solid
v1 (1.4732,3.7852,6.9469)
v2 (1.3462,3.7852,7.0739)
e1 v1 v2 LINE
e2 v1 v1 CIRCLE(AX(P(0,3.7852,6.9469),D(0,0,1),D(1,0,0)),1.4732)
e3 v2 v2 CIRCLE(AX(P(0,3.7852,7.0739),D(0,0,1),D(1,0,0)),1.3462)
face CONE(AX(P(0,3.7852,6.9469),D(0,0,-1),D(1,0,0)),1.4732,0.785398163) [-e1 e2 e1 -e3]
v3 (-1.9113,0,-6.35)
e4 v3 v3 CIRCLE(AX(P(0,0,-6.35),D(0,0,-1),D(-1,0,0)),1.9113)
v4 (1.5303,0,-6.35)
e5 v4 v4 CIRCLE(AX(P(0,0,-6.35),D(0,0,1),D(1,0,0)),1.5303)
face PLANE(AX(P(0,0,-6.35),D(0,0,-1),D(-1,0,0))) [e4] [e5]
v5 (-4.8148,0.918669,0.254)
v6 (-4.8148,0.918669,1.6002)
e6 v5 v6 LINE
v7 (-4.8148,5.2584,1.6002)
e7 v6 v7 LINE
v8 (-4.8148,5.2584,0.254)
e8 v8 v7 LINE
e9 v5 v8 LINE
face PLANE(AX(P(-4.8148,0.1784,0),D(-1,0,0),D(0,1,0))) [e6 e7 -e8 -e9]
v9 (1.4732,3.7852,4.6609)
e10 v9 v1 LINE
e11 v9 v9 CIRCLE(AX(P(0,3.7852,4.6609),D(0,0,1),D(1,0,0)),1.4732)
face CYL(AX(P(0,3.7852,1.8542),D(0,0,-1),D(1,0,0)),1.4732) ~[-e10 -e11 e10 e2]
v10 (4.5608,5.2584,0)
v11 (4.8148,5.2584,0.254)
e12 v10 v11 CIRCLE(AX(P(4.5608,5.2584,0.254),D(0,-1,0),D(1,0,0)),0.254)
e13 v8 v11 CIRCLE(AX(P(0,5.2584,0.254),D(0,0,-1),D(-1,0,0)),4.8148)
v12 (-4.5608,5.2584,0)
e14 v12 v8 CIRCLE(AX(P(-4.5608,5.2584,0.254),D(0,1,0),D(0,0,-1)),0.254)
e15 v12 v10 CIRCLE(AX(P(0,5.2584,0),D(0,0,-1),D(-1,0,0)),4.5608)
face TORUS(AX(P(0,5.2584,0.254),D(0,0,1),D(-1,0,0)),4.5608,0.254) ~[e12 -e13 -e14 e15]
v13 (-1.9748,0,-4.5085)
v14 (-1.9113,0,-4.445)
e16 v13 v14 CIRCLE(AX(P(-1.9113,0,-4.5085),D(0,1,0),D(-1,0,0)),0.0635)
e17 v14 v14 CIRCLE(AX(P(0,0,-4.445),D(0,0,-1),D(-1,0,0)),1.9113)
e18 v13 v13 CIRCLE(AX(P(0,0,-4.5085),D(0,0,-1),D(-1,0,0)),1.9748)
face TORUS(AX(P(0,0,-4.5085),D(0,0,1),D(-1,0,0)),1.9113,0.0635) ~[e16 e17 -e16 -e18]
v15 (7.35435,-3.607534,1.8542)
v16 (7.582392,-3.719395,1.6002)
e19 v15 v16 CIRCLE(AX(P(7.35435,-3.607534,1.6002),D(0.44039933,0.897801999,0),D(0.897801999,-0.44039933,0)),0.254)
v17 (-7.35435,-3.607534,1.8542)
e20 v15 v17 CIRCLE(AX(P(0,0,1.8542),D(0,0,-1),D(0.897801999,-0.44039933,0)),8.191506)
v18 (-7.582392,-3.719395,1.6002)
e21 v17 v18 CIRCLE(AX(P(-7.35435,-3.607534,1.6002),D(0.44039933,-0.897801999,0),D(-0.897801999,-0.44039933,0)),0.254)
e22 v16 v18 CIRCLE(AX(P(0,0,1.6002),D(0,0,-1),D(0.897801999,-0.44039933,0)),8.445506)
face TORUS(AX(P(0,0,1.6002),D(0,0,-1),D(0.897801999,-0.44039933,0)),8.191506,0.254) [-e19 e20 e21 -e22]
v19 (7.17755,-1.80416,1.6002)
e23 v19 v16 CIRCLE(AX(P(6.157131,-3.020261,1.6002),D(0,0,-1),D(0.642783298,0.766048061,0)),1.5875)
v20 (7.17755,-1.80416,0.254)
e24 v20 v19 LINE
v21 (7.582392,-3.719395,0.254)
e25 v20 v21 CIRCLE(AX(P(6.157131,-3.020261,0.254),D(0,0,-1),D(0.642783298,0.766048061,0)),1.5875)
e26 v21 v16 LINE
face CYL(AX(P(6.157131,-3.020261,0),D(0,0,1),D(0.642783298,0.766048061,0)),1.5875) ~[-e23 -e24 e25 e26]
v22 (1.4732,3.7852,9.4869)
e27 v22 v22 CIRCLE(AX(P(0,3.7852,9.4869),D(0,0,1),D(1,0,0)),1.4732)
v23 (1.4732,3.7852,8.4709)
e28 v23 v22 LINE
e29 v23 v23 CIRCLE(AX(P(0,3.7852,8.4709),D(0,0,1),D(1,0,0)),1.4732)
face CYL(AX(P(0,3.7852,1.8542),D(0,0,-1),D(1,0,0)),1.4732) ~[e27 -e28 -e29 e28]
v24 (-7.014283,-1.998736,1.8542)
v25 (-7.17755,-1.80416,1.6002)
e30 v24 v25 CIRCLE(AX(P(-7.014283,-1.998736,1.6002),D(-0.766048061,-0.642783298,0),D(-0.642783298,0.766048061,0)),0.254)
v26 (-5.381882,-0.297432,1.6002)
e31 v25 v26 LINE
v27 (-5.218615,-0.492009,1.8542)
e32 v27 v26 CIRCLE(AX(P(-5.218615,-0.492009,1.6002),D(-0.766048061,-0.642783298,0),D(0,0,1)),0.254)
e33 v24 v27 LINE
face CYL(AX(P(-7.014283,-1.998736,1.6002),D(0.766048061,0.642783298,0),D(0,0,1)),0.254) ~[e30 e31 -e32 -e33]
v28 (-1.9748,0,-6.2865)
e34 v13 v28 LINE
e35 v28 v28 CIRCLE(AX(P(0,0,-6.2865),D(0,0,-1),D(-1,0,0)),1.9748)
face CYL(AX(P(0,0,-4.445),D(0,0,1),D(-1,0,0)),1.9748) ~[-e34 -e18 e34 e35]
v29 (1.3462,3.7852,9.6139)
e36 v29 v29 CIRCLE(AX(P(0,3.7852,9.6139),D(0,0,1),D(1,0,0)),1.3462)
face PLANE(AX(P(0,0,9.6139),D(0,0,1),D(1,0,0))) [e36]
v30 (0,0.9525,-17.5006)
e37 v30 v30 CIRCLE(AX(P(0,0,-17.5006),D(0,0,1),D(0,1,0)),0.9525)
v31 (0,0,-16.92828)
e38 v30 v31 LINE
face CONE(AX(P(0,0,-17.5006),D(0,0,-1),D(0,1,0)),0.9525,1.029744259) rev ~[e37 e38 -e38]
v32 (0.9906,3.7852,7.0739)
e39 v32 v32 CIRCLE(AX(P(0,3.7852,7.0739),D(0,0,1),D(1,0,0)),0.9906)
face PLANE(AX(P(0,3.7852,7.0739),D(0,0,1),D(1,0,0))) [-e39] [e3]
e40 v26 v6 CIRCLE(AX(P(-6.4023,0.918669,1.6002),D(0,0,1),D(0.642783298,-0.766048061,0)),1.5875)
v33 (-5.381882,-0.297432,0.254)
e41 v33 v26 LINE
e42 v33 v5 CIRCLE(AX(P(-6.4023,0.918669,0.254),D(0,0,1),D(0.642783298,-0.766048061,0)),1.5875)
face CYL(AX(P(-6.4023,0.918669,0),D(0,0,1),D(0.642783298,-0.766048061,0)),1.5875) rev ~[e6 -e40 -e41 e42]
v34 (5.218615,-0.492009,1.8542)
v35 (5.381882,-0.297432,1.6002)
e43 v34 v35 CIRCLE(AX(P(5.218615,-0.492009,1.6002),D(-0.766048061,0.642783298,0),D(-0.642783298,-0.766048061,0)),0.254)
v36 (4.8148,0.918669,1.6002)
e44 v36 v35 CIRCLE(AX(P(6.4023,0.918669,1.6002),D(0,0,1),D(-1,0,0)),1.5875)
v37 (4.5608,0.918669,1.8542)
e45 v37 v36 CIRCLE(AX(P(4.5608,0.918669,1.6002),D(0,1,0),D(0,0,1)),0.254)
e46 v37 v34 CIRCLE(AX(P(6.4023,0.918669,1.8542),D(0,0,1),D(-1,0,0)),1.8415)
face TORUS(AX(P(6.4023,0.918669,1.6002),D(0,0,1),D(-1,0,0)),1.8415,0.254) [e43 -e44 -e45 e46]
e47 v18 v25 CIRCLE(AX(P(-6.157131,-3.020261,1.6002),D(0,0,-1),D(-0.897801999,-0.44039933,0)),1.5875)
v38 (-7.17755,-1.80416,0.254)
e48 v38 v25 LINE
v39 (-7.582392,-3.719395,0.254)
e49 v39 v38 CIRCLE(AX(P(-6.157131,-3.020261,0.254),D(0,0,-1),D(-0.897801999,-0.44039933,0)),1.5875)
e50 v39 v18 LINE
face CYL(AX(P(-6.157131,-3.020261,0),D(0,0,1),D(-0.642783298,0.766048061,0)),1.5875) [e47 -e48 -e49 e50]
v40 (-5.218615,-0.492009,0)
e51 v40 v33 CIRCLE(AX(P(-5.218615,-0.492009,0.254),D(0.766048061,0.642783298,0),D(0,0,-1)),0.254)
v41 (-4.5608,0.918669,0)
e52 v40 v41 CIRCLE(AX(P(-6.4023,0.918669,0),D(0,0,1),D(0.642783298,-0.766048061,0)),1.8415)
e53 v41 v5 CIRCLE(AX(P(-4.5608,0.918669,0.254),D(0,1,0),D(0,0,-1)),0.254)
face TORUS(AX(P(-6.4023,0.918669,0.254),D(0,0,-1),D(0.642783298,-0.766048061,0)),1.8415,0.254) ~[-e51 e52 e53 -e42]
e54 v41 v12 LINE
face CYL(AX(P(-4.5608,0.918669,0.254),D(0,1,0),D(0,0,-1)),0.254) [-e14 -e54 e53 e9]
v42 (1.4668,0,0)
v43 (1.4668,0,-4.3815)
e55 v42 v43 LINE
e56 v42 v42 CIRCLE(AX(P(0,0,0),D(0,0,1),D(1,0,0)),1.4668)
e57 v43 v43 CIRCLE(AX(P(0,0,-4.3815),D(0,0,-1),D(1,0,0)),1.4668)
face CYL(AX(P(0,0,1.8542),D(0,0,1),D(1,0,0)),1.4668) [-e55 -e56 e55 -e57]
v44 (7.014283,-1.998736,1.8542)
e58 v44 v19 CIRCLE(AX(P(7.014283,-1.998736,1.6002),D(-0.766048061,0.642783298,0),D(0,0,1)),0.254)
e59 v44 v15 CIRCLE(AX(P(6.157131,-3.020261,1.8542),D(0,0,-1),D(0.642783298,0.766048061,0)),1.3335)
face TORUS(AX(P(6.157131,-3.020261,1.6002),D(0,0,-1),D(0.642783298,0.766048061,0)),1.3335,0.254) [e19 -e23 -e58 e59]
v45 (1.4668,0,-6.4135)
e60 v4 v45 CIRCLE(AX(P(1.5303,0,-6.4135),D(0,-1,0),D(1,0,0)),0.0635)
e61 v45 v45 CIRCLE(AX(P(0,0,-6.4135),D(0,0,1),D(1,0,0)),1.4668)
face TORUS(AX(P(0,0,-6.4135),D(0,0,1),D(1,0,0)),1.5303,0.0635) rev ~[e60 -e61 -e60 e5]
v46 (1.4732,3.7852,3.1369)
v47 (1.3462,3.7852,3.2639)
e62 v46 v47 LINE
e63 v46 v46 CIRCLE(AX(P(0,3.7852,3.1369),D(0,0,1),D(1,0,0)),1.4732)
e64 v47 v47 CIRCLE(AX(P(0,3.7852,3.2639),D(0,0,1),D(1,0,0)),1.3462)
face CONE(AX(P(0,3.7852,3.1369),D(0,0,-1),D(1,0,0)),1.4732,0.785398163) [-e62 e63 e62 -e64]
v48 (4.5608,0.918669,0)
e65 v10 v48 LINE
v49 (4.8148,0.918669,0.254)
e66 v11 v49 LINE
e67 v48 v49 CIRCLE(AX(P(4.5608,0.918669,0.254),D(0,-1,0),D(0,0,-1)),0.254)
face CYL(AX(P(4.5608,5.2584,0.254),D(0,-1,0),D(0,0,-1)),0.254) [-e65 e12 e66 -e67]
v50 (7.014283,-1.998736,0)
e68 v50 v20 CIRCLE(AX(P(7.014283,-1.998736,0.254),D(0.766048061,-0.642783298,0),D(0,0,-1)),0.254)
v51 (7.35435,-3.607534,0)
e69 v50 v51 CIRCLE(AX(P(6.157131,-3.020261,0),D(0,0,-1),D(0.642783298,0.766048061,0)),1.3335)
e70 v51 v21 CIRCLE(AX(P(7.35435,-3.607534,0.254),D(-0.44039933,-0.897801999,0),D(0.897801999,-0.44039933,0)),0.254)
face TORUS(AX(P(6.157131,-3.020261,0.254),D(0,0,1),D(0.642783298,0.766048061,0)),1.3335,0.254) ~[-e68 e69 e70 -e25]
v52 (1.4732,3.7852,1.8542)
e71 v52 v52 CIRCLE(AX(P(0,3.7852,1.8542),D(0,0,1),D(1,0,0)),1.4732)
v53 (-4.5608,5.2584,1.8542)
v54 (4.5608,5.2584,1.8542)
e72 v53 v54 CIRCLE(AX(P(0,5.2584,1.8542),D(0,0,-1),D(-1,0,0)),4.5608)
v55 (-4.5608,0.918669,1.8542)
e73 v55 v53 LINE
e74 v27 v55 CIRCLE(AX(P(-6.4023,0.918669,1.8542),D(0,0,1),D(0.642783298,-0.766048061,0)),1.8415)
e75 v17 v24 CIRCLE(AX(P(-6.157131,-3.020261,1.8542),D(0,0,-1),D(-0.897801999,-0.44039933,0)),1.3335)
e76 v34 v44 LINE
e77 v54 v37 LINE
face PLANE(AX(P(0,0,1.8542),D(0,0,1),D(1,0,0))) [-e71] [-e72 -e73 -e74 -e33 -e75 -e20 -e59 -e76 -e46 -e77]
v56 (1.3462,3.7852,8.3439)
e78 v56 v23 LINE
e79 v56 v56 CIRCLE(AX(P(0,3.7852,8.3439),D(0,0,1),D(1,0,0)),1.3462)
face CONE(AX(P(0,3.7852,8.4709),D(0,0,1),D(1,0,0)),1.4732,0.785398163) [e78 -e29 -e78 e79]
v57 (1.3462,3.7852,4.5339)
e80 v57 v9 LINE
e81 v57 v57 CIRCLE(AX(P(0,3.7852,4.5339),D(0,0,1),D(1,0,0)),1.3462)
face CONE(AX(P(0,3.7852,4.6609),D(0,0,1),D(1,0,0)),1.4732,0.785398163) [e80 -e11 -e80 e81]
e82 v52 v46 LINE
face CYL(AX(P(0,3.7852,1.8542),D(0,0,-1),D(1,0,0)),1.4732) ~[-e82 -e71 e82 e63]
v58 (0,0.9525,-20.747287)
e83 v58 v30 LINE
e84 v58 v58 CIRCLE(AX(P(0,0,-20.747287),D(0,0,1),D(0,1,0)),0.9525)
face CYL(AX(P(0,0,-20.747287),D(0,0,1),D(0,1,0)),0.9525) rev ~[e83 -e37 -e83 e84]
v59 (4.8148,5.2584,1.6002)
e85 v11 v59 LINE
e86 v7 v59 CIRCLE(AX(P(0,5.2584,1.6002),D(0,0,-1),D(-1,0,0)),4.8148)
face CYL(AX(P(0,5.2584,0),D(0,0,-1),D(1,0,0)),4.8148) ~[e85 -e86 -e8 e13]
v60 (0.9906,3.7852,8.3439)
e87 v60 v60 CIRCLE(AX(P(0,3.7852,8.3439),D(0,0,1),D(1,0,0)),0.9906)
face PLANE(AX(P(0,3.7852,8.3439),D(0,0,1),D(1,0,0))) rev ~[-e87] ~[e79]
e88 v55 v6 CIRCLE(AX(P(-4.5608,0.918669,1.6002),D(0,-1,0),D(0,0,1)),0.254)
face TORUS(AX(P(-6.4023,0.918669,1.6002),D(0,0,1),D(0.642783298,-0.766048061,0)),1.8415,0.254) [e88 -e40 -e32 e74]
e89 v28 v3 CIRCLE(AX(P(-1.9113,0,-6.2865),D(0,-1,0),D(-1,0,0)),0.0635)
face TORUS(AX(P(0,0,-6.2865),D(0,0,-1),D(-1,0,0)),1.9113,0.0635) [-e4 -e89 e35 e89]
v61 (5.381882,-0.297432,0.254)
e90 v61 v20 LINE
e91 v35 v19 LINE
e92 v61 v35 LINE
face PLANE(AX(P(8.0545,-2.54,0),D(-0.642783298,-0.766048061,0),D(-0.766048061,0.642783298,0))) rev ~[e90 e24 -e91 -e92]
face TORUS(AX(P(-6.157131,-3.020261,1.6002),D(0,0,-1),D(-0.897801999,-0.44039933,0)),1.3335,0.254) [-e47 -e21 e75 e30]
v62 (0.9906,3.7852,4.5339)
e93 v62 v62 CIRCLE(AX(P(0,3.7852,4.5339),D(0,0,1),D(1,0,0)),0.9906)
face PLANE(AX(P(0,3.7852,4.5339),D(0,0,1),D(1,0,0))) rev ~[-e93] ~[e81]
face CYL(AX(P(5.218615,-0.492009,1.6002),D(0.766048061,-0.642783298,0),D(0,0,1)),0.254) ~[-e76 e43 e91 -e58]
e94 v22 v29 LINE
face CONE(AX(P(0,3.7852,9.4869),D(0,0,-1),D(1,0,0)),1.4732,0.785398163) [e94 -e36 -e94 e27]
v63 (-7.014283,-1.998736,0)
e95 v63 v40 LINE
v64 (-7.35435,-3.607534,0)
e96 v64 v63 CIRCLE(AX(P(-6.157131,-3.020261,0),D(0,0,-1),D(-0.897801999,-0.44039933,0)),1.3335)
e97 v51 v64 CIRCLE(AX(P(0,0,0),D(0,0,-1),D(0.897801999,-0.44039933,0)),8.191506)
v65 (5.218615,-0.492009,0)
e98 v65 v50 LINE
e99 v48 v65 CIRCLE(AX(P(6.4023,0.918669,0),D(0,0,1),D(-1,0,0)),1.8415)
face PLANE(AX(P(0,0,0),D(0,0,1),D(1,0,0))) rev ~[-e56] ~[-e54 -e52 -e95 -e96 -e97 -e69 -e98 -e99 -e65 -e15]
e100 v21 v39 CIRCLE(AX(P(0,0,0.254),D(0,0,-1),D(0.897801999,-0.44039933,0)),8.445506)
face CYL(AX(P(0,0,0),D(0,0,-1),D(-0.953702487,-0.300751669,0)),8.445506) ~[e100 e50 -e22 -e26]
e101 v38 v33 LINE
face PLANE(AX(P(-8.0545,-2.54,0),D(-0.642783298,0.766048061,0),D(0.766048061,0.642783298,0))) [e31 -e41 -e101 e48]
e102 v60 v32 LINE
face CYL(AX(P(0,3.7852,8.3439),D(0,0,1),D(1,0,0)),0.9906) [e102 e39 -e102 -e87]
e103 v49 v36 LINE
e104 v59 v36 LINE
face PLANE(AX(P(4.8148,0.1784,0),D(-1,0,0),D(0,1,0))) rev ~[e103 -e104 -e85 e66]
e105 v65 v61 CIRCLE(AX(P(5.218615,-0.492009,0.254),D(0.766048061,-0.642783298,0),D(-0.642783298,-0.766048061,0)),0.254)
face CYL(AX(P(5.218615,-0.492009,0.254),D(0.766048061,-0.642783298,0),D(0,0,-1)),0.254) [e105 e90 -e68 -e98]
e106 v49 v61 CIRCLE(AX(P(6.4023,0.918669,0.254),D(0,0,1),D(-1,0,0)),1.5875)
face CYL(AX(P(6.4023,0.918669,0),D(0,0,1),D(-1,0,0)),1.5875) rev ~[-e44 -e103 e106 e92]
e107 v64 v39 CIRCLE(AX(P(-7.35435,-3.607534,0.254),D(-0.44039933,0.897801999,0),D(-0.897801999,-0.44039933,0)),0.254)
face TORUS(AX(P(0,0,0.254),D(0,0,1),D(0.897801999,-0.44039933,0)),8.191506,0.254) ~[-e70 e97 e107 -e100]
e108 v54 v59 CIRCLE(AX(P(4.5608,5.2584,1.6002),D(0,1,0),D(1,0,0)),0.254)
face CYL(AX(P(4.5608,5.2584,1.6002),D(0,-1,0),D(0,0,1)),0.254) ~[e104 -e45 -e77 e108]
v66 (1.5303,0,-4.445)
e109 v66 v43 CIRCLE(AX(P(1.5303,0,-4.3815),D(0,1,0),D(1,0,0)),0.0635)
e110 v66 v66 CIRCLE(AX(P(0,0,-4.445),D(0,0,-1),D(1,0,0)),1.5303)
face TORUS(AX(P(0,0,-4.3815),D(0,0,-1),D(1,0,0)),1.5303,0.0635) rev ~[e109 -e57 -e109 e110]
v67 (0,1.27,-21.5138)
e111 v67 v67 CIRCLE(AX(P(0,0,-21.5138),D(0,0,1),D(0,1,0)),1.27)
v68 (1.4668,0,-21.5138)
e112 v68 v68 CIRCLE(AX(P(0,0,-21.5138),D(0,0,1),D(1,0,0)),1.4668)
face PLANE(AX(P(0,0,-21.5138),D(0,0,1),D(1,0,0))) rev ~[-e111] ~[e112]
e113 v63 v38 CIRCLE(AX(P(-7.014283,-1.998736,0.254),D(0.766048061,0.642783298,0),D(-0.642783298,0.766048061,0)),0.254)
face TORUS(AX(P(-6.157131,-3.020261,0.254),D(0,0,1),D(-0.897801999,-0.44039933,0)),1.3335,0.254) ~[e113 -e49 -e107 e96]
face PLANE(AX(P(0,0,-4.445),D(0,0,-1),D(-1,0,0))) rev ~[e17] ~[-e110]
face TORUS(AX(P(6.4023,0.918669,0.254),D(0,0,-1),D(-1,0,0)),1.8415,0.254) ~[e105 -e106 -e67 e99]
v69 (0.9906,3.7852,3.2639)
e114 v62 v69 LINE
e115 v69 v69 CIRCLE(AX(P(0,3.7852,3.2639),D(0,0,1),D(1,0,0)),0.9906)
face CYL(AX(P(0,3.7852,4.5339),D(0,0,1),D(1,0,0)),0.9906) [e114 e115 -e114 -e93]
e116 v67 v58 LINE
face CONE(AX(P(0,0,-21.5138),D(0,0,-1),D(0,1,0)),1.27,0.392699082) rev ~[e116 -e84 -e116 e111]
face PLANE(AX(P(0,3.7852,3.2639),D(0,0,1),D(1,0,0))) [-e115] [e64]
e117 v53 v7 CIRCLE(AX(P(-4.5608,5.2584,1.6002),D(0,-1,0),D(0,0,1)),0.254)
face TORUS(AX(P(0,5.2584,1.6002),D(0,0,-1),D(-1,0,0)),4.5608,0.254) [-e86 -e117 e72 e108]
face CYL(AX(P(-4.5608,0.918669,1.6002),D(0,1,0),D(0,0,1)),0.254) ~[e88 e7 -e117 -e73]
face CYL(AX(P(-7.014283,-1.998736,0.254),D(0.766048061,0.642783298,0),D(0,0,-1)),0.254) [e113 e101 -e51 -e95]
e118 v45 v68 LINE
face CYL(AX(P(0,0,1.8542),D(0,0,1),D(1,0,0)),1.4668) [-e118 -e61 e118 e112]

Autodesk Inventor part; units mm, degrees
ref_plane "YZ Plane" through (0, 0, 0) normal (1, 0, 0) x (0, 1, 0)
ref_plane "XZ Plane" through (0, 0, 0) normal (0, 1, 0) x (-1, 0, 0)
ref_plane "XY Plane" through (0, 0, 0) normal (0, 0, 1) x (1, 0, 0)
sketch "Sketch1" plane through (0, 0, 0) normal (0, 0, 1) x (1, 0, 0)
  arc A0 (-8.0545, -2.54) -> (8.0545, -2.54) centre (0, 0) ccw
  line L0 (-8.0545, -2.54) -> (-4.8148, 0.1784)
  line L1 (8.0545, -2.54) -> (4.8148, 0.1784)
  line L2 (-4.8148, 0.1784) -> (-4.8148, 5.2584)
  line L3 (4.8148, 0.1784) -> (4.8148, 5.2584)
  arc A1 (4.8148, 5.2584) -> (-4.8148, 5.2584) centre (0, 5.2584) ccw
  line L4 (-4.8148, 5.2584) -> (-4.8148, 0.1784)
  line L5 (-4.8148, 0.1784) -> (-8.0545, -2.54)
  line L6 (4.8148, 0.1784) -> (8.0545, -2.54)
  line L7 (4.8148, 0.1784) -> (4.8148, 5.2584)
  arc A2 (4.8148, 5.2584) -> (-4.8148, 5.2584) centre (0, 5.2584) ccw
  arc A3 (-8.0545, -2.54) -> (8.0545, -2.54) centre (0, 0) ccw
  dimension "d6" = 5.08
  dimension "d7" = 5.08
extrude "Extrusion1" add sketch "Sketch1" along normal blind 1.8542
fillet "Fillet1" radius 1.5875 4 edges at (8.0545, -2.54, 0.9271) (-8.0545, -2.54, 0.9271) (-4.8148, 0.1784, 0.9271) (4.8148, 0.1784, 0.9271)
fillet "Fillet2" radius 0.254 20 edges at (-4.8148, 3.0885, 1.8542) (-4.9636, 0.2478, 1.8542) (-6.2797, -1.0508, 1.8542) (-7.7103, -2.6919, 1.8542) (0, -8.4455, 1.8542) (7.7103, -2.6919, 1.8542) (6.2797, -1.0508, 1.8542) (4.9636, 0.2478, 1.8542) (4.8148, 3.0885, 1.8542) (0, 10.0732, 1.8542) (-4.8148, 3.0885, 0) (-4.9636, 0.2478, 0) (-6.2797, -1.0508, 0) (-7.7103, -2.6919, 0) (0, -8.4455, 0) (7.7103, -2.6919, 0) (6.2797, -1.0508, 0) (4.9636, 0.2478, 0) (4.8148, 3.0885, 0) (0, 10.0732, 0)
sketch "Sketch2" plane through (0, 0, 1.8542) normal (0, 0, 1) x (1, 0, 0)
  line L0 (4.5608, 5.2584) -> (4.8148, 5.2584) projected
  line L1 (-4.8148, 5.2584) -> (-4.8148, 0.9187) projected
  arc A0 (4.5608, 5.2584) -> (-4.5608, 5.2584) centre (0, 5.2584) ccw projected
  circle A1 centre (0, 3.7852) radius 1.4732
  circle A2 centre (0, 3.7852) radius 1.4732
  point P0 (0, 0)
extrude "Extrusion2" add sketch "Sketch2" along normal blind 7.7597
ref_plane "Work Plane1" through (0, 3.7852, 8.3439) normal (0, 0, 1) x (1, 0, 0)
sketch "Sketch3" plane through (0, 3.7852, 8.3439) normal (0, 0, 1) x (1, 0, 0)
  circle A0 centre (0, 0) radius 0.9906
  circle A1 centre (0, 0) radius 1.4732
  point P0 (0, -3.7852)
  dimension "d18" = 1.9812
extrude "Extrusion3" cut sketch "Sketch3" against normal blind 1.27
ref_plane "Work Plane2" through (0, 3.7852, 4.5339) normal (0, 0, 1) x (1, 0, 0)
sketch "Sketch4" plane through (0, 3.7852, 4.5339) normal (0, 0, 1) x (1, 0, 0)
  circle A0 centre (0, 0) radius 0.9906
  circle A1 centre (0, 0) radius 1.4732
  point P0 (0, -3.7852)
extrude "Extrusion4" cut sketch "Sketch4" against normal blind 1.27
chamfer "Chamfer1" distance 0.127 angle 45 5 edges at (-1.4732, 3.7852, 9.6139) (-1.4732, 3.7852, 8.3439) (-1.4732, 3.7852, 7.0739) (-1.4732, 3.7852, 4.5339) (-1.4732, 3.7852, 3.2639)
sketch "Sketch5" plane through (0, 0, 1.8542) normal (0, 0, 1) x (1, 0, 0)
  circle A0 centre (0, 0) radius 1.4668
  dimension "d27" = 2.9337
extrude "Extrusion5" add sketch "Sketch5" against normal blind 23.368
sketch "Sketch6" plane through (0, 0, -21.5138) normal (0, 0, -1) x (-1, 0, 0)
  point P0 (0, 0)
  point P1 (0, 0)
hole "Hole1" at (0, 0, -21.5138) direction (0, 0, 1) diameter 1.905 depth 4.0132 tip angle 118 countersink diameter 2.54 countersink angle 45
thread "Thread1" size "1-64 UNC" class "2B" standard "ANSI Unified Screw Threads" full length
ref_plane "Work Plane3" through (0, 0, -4.445) normal (0, 0, -1) x (-1, 0, 0)
sketch "Sketch7" plane through (0, 0, -4.445) normal (0, 0, -1) x (-1, 0, 0)
  circle A0 centre (0, 0) radius 1.4668
  circle A1 centre (0, 0) radius 1.9748
  dimension "d40" = 3.9497
extrude "Extrusion6" add sketch "Sketch7" along normal blind 1.905
fillet "Fillet3" radius 0.0635 2 edges at (1.9748, 0, -6.35) (1.9748, 0, -4.445)
fillet "Fillet4" radius 0.0635 2 edges at (-1.4668, 0, -6.35) (-1.4668, 0, -4.445)
properties part number "piston rod" material "Aluminum 6061"
